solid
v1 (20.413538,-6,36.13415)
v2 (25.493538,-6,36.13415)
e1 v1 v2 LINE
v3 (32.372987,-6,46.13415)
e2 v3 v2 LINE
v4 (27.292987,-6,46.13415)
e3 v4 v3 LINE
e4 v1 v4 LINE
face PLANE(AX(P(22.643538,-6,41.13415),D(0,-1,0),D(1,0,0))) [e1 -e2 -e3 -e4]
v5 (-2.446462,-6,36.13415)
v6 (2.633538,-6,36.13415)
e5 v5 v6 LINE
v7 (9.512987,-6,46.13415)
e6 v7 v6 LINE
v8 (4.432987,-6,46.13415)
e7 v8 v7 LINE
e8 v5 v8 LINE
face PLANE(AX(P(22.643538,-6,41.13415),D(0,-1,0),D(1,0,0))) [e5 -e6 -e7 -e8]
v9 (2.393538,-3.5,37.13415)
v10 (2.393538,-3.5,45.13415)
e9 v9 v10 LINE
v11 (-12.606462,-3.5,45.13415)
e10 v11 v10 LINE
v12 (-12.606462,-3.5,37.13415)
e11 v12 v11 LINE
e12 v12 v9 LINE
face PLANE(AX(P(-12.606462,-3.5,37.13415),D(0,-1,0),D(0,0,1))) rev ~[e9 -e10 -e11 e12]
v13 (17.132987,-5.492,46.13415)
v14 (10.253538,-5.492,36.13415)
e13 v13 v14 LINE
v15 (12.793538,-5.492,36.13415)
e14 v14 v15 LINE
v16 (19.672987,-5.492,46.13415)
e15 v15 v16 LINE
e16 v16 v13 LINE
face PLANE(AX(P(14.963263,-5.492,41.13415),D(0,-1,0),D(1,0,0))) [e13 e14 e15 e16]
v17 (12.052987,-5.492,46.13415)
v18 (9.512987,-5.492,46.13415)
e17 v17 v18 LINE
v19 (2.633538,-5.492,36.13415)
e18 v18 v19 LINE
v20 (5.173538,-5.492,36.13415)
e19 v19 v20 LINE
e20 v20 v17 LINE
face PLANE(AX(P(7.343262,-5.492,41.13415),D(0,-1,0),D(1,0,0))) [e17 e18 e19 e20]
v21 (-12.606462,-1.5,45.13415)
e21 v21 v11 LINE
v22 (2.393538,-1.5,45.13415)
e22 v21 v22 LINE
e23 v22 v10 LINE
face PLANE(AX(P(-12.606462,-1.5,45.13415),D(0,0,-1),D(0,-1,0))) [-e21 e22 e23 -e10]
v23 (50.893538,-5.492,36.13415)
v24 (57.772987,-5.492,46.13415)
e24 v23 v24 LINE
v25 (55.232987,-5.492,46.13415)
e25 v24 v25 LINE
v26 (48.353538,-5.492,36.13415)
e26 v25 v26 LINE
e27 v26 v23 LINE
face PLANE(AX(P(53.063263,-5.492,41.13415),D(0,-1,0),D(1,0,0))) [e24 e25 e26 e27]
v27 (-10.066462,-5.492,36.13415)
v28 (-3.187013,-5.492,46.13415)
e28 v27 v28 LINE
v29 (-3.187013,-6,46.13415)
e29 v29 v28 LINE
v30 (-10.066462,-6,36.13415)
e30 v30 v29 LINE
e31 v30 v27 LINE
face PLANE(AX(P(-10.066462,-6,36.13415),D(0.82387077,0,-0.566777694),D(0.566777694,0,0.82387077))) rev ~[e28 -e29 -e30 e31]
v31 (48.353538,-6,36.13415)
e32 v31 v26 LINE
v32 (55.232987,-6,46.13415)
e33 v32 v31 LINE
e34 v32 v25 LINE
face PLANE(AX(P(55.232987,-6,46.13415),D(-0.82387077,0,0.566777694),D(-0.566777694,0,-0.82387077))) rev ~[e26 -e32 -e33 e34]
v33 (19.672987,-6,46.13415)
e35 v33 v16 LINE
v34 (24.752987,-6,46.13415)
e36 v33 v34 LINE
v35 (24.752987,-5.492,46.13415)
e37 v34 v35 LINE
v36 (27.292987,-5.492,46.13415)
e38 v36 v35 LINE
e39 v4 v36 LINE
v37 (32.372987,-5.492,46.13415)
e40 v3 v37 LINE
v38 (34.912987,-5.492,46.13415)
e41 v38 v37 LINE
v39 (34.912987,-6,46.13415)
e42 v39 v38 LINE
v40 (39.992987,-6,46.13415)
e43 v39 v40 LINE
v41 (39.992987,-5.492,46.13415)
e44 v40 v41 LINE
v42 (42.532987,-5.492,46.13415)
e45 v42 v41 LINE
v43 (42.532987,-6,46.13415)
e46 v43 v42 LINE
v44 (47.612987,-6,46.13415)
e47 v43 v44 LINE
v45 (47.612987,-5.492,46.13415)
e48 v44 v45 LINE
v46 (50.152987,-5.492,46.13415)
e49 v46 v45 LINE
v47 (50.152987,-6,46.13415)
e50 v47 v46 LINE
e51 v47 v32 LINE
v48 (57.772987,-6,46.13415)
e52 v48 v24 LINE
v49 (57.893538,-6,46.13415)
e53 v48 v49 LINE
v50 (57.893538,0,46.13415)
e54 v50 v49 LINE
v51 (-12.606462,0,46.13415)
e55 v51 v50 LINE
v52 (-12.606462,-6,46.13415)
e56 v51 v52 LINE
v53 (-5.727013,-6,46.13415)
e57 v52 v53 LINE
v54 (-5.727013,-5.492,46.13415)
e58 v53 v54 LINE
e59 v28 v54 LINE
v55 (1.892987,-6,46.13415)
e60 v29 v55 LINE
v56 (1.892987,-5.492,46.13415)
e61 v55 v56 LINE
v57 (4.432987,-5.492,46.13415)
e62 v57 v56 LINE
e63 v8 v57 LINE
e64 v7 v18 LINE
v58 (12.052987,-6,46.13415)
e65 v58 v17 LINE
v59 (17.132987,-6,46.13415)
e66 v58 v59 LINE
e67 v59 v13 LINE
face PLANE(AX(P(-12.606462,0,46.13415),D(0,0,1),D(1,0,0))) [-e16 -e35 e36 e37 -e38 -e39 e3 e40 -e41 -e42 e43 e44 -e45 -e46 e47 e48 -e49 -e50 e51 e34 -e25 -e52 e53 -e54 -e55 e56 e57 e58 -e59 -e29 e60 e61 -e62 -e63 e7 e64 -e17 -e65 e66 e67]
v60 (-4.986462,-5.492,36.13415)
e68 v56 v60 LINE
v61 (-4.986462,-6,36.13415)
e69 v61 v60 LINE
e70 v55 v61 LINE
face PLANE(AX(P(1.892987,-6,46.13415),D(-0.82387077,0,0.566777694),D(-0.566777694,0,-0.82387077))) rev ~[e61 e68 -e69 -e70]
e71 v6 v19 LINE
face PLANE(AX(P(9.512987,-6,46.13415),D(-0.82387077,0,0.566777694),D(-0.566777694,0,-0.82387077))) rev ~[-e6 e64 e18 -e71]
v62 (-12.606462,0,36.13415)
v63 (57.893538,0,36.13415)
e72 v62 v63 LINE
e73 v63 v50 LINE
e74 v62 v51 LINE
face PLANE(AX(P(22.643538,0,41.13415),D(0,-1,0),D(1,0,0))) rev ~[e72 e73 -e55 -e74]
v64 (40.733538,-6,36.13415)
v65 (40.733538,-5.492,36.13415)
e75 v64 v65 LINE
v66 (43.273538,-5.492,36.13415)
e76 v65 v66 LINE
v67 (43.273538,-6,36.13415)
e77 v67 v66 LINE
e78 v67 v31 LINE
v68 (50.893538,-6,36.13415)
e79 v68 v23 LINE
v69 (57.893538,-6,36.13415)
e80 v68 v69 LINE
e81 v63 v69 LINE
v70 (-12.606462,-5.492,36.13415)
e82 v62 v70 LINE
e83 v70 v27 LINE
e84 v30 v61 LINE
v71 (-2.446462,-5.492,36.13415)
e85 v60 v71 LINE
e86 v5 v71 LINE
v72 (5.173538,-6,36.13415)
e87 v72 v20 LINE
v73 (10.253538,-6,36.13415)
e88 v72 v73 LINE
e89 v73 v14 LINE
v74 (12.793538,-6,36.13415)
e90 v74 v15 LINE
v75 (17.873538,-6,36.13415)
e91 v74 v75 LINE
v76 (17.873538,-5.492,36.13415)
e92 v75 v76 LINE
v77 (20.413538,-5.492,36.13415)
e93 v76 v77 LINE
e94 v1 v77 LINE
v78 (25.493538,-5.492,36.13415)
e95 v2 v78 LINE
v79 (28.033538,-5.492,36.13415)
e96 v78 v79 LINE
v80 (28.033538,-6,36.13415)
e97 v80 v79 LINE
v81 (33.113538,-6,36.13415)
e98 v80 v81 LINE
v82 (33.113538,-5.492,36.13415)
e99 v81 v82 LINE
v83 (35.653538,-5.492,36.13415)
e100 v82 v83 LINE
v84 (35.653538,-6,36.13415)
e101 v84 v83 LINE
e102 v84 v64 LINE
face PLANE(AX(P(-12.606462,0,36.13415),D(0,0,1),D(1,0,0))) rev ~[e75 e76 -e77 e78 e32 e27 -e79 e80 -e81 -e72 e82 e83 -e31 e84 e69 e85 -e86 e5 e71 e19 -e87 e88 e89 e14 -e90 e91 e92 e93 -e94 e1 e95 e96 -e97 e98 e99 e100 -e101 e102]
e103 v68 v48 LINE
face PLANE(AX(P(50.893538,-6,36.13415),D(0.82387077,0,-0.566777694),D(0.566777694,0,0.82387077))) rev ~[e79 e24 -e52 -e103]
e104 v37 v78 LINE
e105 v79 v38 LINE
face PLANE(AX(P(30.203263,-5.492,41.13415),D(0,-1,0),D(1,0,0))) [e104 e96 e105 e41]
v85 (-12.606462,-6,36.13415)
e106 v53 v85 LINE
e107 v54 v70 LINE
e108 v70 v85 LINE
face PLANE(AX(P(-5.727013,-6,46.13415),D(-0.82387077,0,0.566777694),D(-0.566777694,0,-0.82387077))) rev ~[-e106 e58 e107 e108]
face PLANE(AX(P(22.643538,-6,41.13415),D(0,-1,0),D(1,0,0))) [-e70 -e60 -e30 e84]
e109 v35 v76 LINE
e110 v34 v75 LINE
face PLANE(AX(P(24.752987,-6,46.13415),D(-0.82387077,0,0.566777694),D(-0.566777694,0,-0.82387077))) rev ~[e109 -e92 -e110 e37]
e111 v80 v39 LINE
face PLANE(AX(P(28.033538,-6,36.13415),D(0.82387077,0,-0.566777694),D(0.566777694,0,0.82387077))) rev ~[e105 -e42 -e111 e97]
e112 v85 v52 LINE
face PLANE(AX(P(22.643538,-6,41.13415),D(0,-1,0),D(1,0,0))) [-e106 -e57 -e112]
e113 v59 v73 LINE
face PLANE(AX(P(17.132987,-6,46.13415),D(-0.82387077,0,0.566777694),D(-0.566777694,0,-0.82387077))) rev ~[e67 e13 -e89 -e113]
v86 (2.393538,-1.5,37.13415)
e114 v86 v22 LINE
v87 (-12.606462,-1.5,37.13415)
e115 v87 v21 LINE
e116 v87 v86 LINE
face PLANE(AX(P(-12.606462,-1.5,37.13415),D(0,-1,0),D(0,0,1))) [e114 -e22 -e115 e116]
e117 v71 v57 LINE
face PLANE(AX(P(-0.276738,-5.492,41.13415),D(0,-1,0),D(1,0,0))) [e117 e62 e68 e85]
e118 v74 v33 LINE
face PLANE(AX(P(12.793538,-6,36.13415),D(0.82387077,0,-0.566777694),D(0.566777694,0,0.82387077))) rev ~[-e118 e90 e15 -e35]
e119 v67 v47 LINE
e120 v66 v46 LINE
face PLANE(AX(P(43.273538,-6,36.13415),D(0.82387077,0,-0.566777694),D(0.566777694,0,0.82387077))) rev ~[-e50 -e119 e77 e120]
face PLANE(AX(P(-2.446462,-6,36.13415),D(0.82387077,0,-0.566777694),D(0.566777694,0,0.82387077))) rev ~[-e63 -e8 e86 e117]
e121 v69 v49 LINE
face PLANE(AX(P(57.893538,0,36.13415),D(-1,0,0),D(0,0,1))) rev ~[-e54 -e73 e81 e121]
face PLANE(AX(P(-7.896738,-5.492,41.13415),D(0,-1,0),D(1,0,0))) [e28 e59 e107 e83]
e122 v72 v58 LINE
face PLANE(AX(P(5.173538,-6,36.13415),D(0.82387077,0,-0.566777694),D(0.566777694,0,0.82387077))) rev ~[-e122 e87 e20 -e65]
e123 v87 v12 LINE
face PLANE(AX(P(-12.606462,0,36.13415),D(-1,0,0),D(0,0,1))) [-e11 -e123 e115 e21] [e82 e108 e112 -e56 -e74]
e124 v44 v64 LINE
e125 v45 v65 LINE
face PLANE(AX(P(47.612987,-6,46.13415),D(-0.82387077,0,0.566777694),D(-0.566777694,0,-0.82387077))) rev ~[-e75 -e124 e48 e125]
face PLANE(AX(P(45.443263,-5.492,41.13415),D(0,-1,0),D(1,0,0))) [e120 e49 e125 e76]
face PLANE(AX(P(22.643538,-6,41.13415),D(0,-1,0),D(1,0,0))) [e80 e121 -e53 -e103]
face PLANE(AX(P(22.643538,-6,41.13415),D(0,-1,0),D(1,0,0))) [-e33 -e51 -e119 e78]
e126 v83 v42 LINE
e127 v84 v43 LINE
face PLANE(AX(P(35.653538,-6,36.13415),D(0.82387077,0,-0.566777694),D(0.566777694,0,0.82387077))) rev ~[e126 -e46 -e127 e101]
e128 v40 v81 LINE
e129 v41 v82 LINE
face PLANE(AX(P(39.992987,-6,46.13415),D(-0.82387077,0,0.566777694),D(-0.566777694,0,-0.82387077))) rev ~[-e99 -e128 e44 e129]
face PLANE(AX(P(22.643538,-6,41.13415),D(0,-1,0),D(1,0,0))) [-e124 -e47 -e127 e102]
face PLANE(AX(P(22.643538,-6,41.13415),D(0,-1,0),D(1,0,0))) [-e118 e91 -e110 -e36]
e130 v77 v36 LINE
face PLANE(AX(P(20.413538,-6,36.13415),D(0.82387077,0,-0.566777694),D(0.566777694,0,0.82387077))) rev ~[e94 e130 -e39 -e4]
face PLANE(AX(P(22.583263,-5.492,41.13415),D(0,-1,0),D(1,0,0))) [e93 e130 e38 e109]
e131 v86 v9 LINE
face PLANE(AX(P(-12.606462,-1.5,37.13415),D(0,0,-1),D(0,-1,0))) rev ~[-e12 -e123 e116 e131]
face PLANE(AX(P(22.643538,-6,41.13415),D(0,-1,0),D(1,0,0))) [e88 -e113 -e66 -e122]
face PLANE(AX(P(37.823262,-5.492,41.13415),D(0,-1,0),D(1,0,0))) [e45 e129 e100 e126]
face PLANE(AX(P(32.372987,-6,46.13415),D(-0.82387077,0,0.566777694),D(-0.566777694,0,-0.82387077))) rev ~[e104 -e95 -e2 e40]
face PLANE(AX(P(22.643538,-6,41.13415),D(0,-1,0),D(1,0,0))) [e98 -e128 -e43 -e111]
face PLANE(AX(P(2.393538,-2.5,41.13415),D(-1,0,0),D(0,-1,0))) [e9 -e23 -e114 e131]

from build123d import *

# Parameters (mm, degrees)
F0_W     = 70.5
F0_H     = 10
F1_DEPTH = 6
F3_DEPTH = 0.508
F4_W     = 2
F4_H     = 8
F5_DEPTH = 15


with BuildPart() as f1:
    # F0 (on Front) → F1 (new body)
    with BuildSketch(Plane.XZ):
        with Locations((22.643538, 41.13415)):
            Rectangle(F0_W, F0_H)
    extrude(amount=F1_DEPTH)

    # F2 (on face) → F3 (cut)
    with BuildSketch(Plane.XZ.offset(6)):
        Polygon((-5.727013, 46.13415), (-12.606462, 36.13415), (-10.066462, 36.13415), (-3.187013, 46.13415), align=None)
        Polygon((4.432987, 46.13415), (1.892987, 46.13415), (-4.986462, 36.13415), (-2.446462, 36.13415), align=None)
        Polygon((12.052987, 46.13415), (9.512987, 46.13415), (2.633538, 36.13415), (5.173538, 36.13415), align=None)
        Polygon((19.672987, 46.13415), (17.132987, 46.13415), (10.253538, 36.13415), (12.793538, 36.13415), align=None)
        Polygon((27.292987, 46.13415), (24.752987, 46.13415), (17.873538, 36.13415), (20.413538, 36.13415), align=None)
        Polygon((34.912987, 46.13415), (32.372987, 46.13415), (25.493538, 36.13415), (28.033538, 36.13415), align=None)
        Polygon((42.532987, 46.13415), (39.992987, 46.13415), (33.113538, 36.13415), (35.653538, 36.13415), align=None)
        Polygon((50.152987, 46.13415), (47.612987, 46.13415), (40.733538, 36.13415), (43.273538, 36.13415), align=None)
        Polygon((57.772987, 46.13415), (55.232987, 46.13415), (48.353538, 36.13415), (50.893538, 36.13415), align=None)
    extrude(amount=-F3_DEPTH, mode=Mode.SUBTRACT)

    # F4 (on face) → F5 (cut)
    with BuildSketch(Plane(origin=(-12.606462, 0, 0), x_dir=(0, -1, 0), z_dir=(-1, 0, 0))):
        with Locations((2.5, 41.13415)):
            Rectangle(F4_W, F4_H)
    extrude(amount=-F5_DEPTH, mode=Mode.SUBTRACT)


solid = f1.part
